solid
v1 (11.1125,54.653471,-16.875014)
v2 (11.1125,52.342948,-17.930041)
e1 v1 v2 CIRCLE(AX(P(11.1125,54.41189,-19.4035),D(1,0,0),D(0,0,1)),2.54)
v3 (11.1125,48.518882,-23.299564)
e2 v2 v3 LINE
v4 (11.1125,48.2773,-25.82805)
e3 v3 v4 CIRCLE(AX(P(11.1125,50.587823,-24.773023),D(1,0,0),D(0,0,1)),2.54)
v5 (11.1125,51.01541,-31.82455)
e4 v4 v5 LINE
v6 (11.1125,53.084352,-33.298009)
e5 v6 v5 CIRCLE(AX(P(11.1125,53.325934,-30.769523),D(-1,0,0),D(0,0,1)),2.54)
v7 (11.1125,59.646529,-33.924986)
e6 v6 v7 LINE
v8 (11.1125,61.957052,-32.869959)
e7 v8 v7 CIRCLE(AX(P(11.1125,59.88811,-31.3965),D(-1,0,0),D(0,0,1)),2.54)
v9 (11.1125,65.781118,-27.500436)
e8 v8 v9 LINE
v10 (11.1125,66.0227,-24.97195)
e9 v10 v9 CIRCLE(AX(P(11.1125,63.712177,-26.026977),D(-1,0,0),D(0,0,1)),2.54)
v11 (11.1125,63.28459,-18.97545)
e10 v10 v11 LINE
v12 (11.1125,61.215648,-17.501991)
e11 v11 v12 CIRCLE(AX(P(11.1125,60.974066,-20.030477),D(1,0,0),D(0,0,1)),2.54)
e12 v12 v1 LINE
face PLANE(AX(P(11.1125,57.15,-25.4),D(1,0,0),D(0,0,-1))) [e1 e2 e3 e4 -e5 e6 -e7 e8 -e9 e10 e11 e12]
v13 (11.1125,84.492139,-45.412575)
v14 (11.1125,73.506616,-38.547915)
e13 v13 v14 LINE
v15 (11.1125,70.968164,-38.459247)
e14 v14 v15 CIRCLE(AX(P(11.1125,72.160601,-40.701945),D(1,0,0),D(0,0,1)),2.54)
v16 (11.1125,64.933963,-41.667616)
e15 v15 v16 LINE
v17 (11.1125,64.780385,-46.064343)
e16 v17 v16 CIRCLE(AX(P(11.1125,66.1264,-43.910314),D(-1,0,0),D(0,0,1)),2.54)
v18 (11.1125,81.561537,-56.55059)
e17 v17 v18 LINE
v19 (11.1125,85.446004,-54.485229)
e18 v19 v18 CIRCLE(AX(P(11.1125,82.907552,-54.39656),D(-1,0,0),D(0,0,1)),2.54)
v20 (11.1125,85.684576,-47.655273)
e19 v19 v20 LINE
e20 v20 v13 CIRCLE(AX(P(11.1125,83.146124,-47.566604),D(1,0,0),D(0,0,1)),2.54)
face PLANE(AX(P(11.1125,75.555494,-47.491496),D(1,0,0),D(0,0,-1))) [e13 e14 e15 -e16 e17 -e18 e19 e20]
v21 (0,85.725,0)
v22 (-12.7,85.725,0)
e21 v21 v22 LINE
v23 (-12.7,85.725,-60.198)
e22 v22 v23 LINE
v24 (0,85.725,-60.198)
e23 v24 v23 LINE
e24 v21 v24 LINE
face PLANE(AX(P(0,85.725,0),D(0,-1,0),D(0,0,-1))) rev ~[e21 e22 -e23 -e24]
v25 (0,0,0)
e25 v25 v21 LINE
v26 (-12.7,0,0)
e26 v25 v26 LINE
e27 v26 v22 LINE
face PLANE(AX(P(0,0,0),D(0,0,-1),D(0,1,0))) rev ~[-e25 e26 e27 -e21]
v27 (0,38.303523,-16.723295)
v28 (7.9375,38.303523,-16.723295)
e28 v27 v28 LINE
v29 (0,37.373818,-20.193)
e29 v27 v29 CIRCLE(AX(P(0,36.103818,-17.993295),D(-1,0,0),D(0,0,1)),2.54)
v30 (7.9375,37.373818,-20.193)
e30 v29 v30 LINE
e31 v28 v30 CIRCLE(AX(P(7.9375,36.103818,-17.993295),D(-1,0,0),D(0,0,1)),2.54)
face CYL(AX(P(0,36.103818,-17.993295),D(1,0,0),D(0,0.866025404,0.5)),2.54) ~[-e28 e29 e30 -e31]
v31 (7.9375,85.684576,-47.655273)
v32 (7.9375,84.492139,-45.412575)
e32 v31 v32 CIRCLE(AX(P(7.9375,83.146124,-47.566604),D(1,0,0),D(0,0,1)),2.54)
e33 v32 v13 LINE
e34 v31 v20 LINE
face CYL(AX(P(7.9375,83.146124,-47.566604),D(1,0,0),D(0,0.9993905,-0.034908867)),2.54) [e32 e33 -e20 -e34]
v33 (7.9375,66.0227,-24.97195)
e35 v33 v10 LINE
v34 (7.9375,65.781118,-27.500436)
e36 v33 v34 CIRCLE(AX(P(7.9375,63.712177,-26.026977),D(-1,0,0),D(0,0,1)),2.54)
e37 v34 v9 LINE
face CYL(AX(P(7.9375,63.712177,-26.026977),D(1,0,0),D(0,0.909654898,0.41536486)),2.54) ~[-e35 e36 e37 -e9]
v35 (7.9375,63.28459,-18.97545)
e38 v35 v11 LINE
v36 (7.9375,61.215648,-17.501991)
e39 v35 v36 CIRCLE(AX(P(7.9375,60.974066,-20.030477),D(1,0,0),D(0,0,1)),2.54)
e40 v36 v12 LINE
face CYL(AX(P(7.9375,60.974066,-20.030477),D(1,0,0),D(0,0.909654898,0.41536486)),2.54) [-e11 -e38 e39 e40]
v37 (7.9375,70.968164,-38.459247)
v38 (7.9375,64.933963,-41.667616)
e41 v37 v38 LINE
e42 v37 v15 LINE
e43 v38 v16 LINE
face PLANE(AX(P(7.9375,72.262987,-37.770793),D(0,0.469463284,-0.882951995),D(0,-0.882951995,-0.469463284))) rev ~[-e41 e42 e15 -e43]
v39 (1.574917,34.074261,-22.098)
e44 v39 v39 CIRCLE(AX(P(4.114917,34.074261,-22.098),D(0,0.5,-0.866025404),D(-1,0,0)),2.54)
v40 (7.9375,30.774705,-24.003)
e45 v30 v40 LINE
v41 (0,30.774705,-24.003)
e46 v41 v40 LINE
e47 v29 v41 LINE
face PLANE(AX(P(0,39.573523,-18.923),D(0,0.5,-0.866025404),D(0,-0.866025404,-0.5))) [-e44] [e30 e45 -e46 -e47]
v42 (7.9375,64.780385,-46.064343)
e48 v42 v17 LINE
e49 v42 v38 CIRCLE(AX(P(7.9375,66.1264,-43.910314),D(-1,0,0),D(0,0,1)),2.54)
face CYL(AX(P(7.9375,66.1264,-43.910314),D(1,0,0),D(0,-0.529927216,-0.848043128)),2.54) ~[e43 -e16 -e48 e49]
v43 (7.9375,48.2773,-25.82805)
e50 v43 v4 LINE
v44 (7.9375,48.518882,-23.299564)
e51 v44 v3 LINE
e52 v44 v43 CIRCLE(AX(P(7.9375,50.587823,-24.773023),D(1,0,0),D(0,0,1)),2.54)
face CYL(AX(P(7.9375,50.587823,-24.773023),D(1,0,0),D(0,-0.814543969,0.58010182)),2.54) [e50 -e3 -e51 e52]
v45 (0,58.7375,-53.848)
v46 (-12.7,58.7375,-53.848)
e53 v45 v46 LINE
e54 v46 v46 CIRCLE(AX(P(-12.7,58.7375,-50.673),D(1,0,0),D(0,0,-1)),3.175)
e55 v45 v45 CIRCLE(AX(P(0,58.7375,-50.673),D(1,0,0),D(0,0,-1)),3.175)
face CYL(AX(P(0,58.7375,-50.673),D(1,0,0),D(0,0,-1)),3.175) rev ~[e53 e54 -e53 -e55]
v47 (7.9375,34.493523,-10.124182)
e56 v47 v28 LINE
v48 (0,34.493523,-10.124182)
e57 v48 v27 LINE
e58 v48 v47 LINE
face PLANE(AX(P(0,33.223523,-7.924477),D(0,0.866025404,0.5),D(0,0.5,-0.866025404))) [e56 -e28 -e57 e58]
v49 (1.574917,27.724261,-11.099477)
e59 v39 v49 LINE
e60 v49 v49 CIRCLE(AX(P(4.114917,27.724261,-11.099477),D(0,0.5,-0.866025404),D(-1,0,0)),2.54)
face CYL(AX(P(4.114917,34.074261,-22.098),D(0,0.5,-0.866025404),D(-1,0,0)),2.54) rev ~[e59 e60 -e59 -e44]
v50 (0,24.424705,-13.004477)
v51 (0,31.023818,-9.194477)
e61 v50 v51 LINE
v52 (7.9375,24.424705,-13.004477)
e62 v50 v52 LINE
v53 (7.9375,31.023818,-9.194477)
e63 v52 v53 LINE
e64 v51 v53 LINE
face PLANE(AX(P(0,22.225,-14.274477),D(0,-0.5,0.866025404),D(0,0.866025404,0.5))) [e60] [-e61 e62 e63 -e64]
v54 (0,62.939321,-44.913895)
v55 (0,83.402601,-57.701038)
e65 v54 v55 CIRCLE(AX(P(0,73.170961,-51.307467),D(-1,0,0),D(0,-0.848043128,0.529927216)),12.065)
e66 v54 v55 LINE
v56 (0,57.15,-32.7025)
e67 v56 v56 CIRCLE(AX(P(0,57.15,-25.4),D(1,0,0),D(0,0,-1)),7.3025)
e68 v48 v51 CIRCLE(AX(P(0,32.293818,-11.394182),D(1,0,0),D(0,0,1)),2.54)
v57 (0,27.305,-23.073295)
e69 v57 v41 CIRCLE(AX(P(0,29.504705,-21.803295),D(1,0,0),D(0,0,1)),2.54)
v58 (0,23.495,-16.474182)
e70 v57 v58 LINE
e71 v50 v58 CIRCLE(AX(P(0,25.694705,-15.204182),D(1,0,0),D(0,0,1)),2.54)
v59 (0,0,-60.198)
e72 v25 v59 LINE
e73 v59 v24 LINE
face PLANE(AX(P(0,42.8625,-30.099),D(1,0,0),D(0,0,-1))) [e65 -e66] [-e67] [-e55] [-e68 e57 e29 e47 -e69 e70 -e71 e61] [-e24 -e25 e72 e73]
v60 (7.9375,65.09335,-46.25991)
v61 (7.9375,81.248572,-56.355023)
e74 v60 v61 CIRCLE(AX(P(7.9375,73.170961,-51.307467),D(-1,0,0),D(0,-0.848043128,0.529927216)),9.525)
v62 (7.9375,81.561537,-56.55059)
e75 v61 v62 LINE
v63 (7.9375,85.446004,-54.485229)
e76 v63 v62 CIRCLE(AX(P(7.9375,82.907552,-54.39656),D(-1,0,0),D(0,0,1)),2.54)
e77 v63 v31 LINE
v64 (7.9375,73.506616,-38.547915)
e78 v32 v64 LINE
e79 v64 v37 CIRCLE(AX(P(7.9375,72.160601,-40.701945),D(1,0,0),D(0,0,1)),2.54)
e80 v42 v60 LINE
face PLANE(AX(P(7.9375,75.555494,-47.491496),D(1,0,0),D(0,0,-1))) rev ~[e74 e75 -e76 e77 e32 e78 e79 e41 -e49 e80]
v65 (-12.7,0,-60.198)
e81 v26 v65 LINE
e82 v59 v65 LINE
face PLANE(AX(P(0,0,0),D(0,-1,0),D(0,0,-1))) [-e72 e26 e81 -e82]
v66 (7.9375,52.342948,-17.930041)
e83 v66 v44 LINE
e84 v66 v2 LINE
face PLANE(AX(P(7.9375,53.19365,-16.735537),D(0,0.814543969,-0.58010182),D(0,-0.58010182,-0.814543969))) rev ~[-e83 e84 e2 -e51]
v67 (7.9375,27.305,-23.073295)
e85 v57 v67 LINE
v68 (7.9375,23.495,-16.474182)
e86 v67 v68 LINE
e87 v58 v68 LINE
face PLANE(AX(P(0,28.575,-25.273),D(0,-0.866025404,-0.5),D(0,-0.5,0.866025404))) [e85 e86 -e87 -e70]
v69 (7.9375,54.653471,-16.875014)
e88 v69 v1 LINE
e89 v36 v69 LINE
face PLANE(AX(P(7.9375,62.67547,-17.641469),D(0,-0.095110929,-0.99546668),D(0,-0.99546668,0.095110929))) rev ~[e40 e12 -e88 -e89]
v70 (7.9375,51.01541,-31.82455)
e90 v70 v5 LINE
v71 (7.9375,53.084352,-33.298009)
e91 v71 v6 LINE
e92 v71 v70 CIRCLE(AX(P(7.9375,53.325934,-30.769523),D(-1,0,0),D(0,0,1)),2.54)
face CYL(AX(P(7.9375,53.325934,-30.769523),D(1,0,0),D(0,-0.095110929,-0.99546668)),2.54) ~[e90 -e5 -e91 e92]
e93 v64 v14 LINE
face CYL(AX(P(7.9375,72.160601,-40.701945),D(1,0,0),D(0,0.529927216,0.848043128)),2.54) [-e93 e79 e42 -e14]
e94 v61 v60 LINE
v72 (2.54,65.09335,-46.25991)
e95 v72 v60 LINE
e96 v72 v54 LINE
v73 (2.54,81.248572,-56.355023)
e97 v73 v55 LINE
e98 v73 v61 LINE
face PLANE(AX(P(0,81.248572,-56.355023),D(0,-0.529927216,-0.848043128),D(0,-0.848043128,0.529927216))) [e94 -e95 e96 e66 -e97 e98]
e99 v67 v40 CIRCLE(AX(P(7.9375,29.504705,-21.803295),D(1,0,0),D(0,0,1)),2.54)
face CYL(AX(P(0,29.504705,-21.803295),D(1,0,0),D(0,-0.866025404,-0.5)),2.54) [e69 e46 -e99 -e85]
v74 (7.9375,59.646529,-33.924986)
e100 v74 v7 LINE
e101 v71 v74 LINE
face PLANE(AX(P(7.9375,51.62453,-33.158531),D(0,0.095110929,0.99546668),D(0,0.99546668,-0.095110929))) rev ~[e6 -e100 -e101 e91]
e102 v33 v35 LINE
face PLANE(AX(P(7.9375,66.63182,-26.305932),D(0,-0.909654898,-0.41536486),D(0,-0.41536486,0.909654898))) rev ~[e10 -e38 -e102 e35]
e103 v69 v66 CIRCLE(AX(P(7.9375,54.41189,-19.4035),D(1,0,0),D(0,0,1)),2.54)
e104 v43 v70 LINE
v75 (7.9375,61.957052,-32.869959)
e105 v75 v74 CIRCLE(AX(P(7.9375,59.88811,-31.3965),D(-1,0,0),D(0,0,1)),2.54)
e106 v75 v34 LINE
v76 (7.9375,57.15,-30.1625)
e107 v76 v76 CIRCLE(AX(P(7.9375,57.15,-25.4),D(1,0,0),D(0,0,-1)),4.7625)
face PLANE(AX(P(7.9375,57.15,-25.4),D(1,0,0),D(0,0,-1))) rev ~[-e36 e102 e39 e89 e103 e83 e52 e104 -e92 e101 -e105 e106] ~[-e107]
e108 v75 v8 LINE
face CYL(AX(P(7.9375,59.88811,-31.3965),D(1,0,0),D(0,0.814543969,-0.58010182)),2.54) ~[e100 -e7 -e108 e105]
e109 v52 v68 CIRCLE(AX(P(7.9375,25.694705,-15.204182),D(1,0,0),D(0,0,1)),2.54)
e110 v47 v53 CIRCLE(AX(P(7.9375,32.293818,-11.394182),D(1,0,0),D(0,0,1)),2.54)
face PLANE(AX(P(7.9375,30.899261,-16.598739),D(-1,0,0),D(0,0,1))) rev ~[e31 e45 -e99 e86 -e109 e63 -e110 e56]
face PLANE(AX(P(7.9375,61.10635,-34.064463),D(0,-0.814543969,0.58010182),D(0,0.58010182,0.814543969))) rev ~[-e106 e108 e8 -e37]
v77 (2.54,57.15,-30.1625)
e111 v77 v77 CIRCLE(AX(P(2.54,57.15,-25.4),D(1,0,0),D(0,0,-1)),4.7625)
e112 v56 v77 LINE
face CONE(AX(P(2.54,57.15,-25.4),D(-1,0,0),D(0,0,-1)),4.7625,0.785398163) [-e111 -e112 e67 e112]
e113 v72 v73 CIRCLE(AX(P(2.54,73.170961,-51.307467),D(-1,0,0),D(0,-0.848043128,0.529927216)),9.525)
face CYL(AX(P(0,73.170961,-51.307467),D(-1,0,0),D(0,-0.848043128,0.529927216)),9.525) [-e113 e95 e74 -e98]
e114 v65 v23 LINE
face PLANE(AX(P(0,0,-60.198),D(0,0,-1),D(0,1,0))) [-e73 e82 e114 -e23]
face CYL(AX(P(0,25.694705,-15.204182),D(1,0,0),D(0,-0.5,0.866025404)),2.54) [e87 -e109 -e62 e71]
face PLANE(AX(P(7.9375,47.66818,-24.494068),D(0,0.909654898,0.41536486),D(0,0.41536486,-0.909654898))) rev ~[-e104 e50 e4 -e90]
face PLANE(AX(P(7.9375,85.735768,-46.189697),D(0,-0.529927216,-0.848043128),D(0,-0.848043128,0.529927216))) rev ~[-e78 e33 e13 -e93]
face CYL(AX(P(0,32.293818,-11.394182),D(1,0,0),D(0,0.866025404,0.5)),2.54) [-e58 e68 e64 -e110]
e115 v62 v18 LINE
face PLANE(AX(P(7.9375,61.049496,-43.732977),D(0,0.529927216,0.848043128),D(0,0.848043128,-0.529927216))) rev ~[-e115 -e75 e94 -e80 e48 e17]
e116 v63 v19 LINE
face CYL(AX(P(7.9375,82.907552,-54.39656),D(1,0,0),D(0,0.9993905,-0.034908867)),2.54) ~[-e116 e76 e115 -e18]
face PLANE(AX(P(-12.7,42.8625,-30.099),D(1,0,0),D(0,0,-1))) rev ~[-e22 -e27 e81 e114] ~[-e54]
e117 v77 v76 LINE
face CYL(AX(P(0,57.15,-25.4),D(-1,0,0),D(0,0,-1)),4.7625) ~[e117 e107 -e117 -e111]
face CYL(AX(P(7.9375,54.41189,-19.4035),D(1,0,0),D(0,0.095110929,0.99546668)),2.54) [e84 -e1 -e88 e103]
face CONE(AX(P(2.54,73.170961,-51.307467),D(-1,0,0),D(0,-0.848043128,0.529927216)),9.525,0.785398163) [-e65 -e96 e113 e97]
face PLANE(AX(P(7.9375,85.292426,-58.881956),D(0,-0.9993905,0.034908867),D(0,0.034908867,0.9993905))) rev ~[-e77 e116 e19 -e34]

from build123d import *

# Parameters (mm, degrees)
SKETCH1_W           = 60.198
SKETCH1_H           = 85.725
SKETCH1_R           = 3.175
BOSS_EXTRUDE1_DEPTH = 12.7
SKETCH3_R           = 4.7625
BOSS_EXTRUDE2_DEPTH = 7.9375
BOSS_EXTRUDE3_DEPTH = 3.175
BOSS_EXTRUDE4_DEPTH = 3.175
FILLET1_R           = 2.54
CHAMFER1_SIZE       = 2.54
SKETCH15_R          = 2.54
CUT_EXTRUDE1_DEPTH  = 12.7


with BuildPart() as part:
    # Sketch1 → Boss-Extrude1 (new body)
    with BuildSketch(Plane(origin=(0, 0, 0), x_dir=(0, 0, -1), z_dir=(1, 0, 0))):
        with Locations((30.099, 42.8625)):
            Rectangle(SKETCH1_W, SKETCH1_H)
        with Locations((50.673, 58.7375)):
            Circle(SKETCH1_R, mode=Mode.SUBTRACT)
    extrude(amount=-BOSS_EXTRUDE1_DEPTH)

    # Sketch3 → Boss-Extrude2 (add)
    with BuildSketch(Plane(origin=(0, 0, 0), x_dir=(0, 0, -1), z_dir=(1, 0, 0))):
        with Locations((25.4, 57.15)):
            Circle(SKETCH3_R)
        Polygon((18.923, 39.573522628), (25.273, 28.575), (14.274477372, 22.225), (7.924477372, 33.223522628), align=None)
        with BuildLine():
            Line((56.355023328, 81.24857189), (46.259909872, 65.09335031))
            ThreePointArc((46.259909872, 65.09335031), (43.22985581, 78.218517828), (56.355023328, 81.24857189))
        make_face()
    extrude(amount=BOSS_EXTRUDE2_DEPTH)

    # Sketch10 → Boss-Extrude3 (add)
    with BuildSketch(Plane(origin=(7.9375, 0, 0), x_dir=(0, 0, -1), z_dir=(1, 0, 0))):
        Polygon((26.305931595, 66.631820128), (17.641468693, 62.67546984), (16.735537097, 53.193649712), (24.494068405, 47.668179872), (33.158531307, 51.62453016), (34.064462903, 61.106350288), align=None)
    extrude(amount=BOSS_EXTRUDE3_DEPTH)

    # Sketch14 → Boss-Extrude4 (add)
    with BuildSketch(Plane(origin=(7.9375, 0, 0), x_dir=(0, 0, -1), z_dir=(1, 0, 0))):
        Polygon((51.3074666, 73.1709611), (58.881956407, 85.29242578), (46.18969706, 85.735768391), (37.770793083, 72.262986752), (43.732976793, 61.04949642), align=None)
    extrude(amount=BOSS_EXTRUDE4_DEPTH)

    # Fillet1
    fillet1_edges = [part.edges().sort_by_distance(p)[0] for p in [
        (3.96875, 39.573522628, -18.923),
        (3.96875, 33.223522628, -7.924477372),
        (3.96875, 22.225, -14.274477372),
        (3.96875, 28.575, -25.273),
        (9.525, 61.106350288, -34.064462903),
        (9.525, 66.631820128, -26.305931595),
        (9.525, 62.67546984, -17.641468693),
        (9.525, 53.193649712, -16.735537097),
        (9.525, 47.668179872, -24.494068405),
        (9.525, 51.62453016, -33.158531307),
        (9.525, 61.04949642, -43.732976793),
        (9.525, 85.29242578, -58.881956407),
        (9.525, 85.735768391, -46.18969706),
        (9.525, 72.262986752, -37.770793083),
    ]]
    fillet(fillet1_edges, radius=FILLET1_R)

    # Chamfer1
    chamfer1_edges = [part.edges().sort_by_distance(p)[0] for p in [
        (0, 57.15, -20.6375),
        (0, 78.218517828, -43.22985581),
    ]]
    chamfer(chamfer1_edges, length=CHAMFER1_SIZE)

    # Sketch15 → Cut-Extrude1 (cut)
    with BuildSketch(Plane(origin=(0, 18.087280015, -31.328087957), x_dir=(-1, 0, 0), z_dir=(0, 0.5, -0.866025404))):
        with Locations((-4.114917268, 18.460175913)):
            Circle(SKETCH15_R)
    extrude(amount=-CUT_EXTRUDE1_DEPTH, mode=Mode.SUBTRACT)


solid = part.part
